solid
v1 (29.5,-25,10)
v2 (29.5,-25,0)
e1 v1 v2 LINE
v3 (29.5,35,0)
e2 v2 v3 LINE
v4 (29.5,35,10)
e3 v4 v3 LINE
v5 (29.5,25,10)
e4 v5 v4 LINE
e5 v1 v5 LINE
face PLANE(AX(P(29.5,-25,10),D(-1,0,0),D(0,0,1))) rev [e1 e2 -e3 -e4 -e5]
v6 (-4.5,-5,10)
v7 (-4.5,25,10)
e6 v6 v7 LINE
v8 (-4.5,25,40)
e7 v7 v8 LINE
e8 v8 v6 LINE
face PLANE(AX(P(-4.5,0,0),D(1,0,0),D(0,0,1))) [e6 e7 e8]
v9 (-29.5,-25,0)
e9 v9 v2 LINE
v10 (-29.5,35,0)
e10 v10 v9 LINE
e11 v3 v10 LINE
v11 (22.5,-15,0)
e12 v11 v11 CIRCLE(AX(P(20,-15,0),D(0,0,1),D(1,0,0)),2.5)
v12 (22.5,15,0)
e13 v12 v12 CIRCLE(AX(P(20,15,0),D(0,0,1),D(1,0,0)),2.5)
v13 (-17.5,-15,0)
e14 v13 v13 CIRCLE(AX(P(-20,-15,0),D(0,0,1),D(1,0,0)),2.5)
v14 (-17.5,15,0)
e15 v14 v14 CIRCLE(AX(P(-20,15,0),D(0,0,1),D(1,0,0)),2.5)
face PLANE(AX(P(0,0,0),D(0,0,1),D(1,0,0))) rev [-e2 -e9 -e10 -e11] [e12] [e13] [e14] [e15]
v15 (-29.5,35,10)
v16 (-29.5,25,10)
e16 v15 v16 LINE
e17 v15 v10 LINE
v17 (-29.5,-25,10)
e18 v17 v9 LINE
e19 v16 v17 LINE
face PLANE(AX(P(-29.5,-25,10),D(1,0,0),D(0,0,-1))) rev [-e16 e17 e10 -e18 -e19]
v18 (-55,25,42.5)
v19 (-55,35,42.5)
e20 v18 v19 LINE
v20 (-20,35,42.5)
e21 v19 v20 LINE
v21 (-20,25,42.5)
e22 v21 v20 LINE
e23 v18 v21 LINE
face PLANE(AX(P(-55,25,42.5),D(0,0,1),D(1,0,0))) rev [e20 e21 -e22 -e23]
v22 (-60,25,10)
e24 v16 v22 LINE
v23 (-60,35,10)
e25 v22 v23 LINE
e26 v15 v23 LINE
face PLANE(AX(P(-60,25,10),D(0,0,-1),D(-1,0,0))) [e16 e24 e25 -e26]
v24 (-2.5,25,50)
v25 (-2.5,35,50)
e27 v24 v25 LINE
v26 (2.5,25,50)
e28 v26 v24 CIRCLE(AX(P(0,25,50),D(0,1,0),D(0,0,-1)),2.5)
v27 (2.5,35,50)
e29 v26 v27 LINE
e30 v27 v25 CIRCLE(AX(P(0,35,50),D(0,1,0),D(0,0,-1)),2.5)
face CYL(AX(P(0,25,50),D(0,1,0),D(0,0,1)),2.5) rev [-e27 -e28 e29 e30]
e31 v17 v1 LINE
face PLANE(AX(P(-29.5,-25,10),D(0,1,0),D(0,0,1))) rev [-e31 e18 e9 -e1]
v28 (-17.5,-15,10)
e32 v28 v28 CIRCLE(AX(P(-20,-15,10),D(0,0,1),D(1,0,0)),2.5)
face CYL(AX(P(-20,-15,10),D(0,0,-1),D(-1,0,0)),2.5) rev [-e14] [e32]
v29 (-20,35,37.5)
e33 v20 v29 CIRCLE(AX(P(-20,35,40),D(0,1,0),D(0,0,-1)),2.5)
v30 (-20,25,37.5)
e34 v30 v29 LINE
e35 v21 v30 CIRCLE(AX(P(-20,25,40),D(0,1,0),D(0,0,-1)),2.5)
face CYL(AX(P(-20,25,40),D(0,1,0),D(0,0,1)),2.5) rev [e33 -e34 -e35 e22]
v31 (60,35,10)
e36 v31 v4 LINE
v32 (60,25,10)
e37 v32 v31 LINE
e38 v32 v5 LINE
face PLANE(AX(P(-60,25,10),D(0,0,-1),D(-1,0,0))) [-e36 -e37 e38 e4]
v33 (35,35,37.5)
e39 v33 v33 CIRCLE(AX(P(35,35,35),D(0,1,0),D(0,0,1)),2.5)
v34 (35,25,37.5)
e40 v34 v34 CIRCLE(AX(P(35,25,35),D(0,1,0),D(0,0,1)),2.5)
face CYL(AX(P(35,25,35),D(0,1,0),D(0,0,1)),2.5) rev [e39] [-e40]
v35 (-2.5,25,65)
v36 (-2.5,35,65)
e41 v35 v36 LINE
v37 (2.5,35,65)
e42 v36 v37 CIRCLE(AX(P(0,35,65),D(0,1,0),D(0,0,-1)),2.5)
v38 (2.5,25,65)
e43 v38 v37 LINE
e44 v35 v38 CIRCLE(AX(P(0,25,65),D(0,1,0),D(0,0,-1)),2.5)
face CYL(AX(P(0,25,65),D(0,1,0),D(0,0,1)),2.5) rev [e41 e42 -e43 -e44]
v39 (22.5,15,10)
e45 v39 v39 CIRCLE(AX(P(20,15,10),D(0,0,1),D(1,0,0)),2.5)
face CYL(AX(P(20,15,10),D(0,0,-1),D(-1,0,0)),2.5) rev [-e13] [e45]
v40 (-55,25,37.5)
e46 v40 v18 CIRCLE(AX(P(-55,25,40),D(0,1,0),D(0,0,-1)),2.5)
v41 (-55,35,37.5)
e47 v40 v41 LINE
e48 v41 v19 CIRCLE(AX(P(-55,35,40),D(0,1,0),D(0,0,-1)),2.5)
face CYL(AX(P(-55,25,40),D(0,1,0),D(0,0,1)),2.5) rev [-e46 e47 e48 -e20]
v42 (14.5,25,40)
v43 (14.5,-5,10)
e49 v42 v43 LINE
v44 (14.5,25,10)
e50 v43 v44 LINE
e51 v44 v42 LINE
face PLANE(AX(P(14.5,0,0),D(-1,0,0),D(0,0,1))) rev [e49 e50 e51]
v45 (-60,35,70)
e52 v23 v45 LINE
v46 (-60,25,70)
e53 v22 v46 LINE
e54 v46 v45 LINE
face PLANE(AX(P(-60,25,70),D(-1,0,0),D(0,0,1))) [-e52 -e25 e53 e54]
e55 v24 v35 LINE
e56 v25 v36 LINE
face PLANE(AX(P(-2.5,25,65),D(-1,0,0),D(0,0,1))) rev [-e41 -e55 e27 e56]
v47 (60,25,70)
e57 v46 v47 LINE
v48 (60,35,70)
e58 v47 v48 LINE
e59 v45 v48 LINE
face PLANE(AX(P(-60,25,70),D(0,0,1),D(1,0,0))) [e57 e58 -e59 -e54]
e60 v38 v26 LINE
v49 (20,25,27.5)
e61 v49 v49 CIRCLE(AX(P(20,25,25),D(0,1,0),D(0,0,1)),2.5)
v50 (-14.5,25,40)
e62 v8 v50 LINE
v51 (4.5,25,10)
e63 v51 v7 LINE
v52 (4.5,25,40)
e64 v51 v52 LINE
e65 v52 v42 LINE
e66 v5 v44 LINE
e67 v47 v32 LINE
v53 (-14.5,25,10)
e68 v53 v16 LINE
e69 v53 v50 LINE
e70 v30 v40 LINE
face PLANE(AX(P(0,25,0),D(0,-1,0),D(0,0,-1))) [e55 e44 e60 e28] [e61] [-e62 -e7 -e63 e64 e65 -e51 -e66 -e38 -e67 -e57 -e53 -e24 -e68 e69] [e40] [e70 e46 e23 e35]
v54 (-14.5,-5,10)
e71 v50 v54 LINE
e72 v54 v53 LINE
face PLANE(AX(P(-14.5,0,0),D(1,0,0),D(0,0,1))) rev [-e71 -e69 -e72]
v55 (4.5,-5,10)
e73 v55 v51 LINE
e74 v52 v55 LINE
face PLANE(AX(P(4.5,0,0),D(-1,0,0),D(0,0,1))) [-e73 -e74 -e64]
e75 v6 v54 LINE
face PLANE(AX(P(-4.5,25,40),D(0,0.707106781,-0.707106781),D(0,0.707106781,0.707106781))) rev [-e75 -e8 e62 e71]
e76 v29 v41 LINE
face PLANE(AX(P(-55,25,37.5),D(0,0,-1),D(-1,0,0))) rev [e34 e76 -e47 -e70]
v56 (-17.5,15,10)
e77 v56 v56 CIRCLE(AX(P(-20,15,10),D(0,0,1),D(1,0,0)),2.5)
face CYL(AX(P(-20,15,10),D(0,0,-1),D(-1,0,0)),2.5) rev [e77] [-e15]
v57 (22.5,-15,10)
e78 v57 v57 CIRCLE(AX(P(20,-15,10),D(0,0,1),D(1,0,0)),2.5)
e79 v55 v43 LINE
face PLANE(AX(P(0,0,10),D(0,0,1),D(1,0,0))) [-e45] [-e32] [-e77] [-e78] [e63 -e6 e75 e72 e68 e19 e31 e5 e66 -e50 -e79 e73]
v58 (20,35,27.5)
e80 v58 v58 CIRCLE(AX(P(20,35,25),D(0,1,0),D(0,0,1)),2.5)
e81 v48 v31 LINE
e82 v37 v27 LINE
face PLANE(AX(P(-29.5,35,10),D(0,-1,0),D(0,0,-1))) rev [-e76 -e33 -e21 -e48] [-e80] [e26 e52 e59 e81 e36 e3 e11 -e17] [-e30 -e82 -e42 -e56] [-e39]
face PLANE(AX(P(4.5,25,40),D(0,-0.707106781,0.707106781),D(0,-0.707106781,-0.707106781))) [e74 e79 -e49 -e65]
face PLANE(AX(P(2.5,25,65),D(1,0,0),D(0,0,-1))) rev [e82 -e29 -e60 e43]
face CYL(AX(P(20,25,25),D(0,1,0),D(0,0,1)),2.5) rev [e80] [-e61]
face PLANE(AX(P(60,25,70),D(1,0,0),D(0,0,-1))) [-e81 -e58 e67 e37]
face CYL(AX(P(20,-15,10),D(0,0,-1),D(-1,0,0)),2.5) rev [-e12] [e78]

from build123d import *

# Parameters (mm, degrees)
SKETCH1_R           = 2.5
BOSS_EXTRUDE1_DEPTH = 10
SKETCH2_W           = 120
SKETCH2_H           = 60
SKETCH2_R           = 2.5
BOSS_EXTRUDE2_DEPTH = 10
BOSS_EXTRUDE3_DEPTH = 10


with BuildPart() as part:
    # Sketch1 → Boss-Extrude1 (new body)
    with BuildSketch(Plane.XY):
        Polygon((-29.5, 25), (-29.5, 35), (29.5, 35), (29.5, 25), (29.5, -25), (-29.5, -25), align=None)
        with Locations((-20, 15)):
            Circle(SKETCH1_R, mode=Mode.SUBTRACT)
        with Locations((20, 15)):
            Circle(SKETCH1_R, mode=Mode.SUBTRACT)
        with Locations((20, -15)):
            Circle(SKETCH1_R, mode=Mode.SUBTRACT)
        with Locations((-20, -15)):
            Circle(SKETCH1_R, mode=Mode.SUBTRACT)
    extrude(amount=BOSS_EXTRUDE1_DEPTH)

    # Sketch2 → Boss-Extrude2 (add)
    with BuildSketch(Plane(origin=(0, 35, 0), x_dir=(1, 0, 0), z_dir=(0, 1, 0))):
        with Locations((0, -40)):
            Rectangle(SKETCH2_W, SKETCH2_H)
        with Locations((20, -25)):
            Circle(SKETCH2_R, mode=Mode.SUBTRACT)
        with Locations((35, -35)):
            Circle(SKETCH2_R, mode=Mode.SUBTRACT)
        with BuildLine():
            Line((-55, -37.5), (-20, -37.5))
            ThreePointArc((-20, -37.5), (-17.5, -40), (-20, -42.5))
            Line((-20, -42.5), (-55, -42.5))
            ThreePointArc((-55, -42.5), (-57.5, -40), (-55, -37.5))
        make_face(mode=Mode.SUBTRACT)
        with BuildLine():
            Line((-2.5, -65), (-2.5, -50))
            ThreePointArc((-2.5, -50), (0, -47.5), (2.5, -50))
            Line((2.5, -50), (2.5, -65))
            ThreePointArc((2.5, -65), (0, -67.5), (-2.5, -65))
        make_face(mode=Mode.SUBTRACT)
    extrude(amount=-BOSS_EXTRUDE2_DEPTH)

    # Sketch4 → Boss-Extrude3 (add)
    with BuildSketch(Plane(origin=(14.5, 0, 0), x_dir=(0, 0, -1), z_dir=(1, 0, 0))):
        Polygon((-40, 25), (-10, 25), (-10, -5), align=None)
    boss_extrude3 = extrude(amount=-BOSS_EXTRUDE3_DEPTH)

    # Mirror1: Boss-Extrude3 across plane
    add(boss_extrude3.mirror(Plane(origin=(0, 0, 0), x_dir=(0, 0, 1), z_dir=(1, 0, 0))))


solid = part.part
